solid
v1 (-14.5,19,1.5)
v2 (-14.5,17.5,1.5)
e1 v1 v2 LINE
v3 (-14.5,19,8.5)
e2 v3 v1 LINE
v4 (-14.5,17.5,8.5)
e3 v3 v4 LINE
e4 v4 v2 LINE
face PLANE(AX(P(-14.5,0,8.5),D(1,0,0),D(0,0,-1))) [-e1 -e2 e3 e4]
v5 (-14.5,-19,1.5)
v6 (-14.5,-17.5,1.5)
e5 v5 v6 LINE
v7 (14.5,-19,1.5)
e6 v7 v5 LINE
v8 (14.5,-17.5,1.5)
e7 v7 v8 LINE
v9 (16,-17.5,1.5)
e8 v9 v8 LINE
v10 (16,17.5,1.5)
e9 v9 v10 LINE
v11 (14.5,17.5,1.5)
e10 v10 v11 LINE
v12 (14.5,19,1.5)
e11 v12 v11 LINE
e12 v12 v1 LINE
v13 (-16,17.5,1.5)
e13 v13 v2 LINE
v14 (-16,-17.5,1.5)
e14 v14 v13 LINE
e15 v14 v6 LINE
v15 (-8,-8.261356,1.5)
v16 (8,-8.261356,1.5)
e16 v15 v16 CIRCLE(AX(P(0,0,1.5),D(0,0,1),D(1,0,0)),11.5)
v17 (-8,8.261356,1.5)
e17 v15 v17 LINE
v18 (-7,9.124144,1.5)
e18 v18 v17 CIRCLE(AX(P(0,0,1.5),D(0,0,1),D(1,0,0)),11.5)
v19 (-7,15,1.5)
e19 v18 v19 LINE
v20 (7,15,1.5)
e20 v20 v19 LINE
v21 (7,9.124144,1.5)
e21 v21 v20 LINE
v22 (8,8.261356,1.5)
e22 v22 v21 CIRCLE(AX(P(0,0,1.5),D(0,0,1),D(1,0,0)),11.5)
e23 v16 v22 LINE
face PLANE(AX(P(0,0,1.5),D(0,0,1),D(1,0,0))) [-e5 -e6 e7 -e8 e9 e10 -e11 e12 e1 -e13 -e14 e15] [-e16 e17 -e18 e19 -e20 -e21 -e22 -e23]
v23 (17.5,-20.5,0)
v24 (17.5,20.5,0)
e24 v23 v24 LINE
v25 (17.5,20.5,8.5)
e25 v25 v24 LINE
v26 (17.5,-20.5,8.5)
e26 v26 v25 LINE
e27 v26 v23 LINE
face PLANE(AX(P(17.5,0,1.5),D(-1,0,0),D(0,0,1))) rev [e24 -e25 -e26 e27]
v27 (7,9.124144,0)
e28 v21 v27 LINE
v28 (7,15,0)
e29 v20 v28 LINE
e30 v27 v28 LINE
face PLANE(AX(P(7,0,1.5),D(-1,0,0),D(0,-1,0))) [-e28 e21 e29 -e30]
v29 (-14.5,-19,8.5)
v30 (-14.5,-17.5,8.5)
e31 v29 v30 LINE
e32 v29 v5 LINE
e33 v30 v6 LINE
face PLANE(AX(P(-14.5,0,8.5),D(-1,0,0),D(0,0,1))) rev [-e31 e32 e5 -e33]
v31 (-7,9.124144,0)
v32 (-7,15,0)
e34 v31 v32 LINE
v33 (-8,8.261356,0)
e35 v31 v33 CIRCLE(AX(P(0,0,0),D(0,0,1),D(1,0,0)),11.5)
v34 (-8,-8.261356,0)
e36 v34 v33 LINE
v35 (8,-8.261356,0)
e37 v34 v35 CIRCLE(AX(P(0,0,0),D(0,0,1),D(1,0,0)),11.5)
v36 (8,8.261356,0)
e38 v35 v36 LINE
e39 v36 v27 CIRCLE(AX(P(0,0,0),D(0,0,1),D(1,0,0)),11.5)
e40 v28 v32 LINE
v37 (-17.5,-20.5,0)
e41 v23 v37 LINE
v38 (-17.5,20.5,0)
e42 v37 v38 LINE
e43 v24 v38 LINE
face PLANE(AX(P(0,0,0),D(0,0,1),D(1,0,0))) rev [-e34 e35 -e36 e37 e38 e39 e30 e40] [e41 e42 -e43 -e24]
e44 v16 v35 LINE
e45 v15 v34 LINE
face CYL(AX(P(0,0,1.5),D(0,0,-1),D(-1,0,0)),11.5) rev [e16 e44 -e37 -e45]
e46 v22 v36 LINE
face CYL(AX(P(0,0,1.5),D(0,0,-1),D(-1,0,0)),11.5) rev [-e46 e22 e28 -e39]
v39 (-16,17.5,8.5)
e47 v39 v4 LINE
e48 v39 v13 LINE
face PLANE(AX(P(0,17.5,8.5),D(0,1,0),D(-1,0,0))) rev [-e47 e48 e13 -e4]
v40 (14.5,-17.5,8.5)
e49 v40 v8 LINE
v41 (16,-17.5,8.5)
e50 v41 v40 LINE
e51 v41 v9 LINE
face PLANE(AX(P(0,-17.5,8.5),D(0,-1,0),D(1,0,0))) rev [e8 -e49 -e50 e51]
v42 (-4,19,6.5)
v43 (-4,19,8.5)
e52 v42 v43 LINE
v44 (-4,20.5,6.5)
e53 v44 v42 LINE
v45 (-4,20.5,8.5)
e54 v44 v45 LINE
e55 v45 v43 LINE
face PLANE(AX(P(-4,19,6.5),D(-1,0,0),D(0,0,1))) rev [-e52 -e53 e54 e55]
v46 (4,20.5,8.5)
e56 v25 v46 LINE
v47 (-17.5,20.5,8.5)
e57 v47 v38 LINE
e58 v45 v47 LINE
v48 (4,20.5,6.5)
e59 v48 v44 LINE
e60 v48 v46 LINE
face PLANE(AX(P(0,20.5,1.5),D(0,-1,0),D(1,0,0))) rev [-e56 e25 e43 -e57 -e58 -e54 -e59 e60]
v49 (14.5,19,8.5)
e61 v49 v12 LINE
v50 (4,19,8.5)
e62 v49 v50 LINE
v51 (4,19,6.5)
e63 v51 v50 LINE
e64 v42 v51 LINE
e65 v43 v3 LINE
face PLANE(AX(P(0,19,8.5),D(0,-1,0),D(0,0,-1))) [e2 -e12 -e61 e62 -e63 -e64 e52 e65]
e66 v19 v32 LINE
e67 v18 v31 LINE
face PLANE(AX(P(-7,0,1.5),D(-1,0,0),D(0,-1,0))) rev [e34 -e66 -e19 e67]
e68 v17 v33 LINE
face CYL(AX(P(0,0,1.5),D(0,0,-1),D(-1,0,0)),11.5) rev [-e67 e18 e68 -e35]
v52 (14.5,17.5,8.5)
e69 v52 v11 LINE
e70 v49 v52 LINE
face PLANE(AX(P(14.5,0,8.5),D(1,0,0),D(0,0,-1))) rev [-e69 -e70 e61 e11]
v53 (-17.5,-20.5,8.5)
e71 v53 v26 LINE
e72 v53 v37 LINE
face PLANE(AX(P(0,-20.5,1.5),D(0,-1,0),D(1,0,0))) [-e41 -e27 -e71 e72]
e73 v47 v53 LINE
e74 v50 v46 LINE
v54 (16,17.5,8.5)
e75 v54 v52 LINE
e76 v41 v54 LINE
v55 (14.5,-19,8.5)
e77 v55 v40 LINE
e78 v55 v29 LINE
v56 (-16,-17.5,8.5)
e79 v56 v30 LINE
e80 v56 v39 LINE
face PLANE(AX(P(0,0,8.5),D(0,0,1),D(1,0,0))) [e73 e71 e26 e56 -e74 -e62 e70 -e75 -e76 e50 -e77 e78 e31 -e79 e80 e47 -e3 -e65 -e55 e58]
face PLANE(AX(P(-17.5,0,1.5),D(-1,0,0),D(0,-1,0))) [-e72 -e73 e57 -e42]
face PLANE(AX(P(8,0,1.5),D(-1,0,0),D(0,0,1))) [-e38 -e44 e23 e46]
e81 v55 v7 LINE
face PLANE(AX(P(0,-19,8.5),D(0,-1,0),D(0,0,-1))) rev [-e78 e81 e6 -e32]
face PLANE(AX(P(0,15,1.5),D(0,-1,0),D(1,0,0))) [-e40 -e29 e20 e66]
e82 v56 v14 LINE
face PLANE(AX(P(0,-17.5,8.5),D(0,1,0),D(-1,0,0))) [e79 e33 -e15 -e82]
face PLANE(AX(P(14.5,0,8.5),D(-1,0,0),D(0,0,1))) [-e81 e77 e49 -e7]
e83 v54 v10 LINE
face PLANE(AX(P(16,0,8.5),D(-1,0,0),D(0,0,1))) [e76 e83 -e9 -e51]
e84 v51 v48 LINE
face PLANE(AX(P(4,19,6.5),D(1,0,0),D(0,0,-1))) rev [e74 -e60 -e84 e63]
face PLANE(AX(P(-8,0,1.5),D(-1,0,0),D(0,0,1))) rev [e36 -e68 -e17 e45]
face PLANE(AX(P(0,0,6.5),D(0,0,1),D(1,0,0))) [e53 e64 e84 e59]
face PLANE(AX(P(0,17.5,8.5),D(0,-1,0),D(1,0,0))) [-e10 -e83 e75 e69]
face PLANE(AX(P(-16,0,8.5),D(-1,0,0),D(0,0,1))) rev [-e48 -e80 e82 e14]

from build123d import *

# Parameters (mm, degrees)
SKETCH_1_W          = 35
SKETCH_1_H          = 41
EXTRUDE_1_DEPTH     = 1.5
EXTRUDE_2_DEPTH     = 7
SKETCH_3_W          = 8
SKETCH_3_H          = 1.5
CUT_EXTRUDE_1_DEPTH = 2


with BuildPart() as part:
    # Эскиз1 → Бобышка-Вытянуть1 (new body)
    with BuildSketch(Plane.XY):
        Rectangle(SKETCH_1_W, SKETCH_1_H)
        with BuildLine():
            Line((7, 9.124143795), (7, 15))
            Line((7, 15), (-7, 15))
            Line((-7, 15), (-7, 9.124143795))
            ThreePointArc((-7, 9.124143795), (-7.512396473, 8.707117734), (-8, 8.261355821))
            Line((-8, 8.261355821), (-8, -8.261355821))
            ThreePointArc((-8, -8.261355821), (0, -11.5), (8, -8.261355821))
            Line((8, -8.261355821), (8, 8.261355821))
            ThreePointArc((8, 8.261355821), (7.512396473, 8.707117734), (7, 9.124143795))
        make_face(mode=Mode.SUBTRACT)
    extrude(amount=EXTRUDE_1_DEPTH)

    # Эскиз2 → Бобышка-Вытянуть2 (add)
    with BuildSketch(Plane.XY.offset(1.5)):
        Polygon((-17.5, -20.5), (17.5, -20.5), (17.5, 20.5), (-14.5, 20.5), (-17.5, 20.5), (-17.5, 17.5), align=None)
        Polygon((14.5, -17.5), (14.5, -19), (-14.5, -19), (-14.5, -17.5), (-16, -17.5), (-16, 17.5), (-14.5, 17.5), (-14.5, 19), (14.5, 19), (14.5, 17.5), (16, 17.5), (16, -17.5), align=None, mode=Mode.SUBTRACT)
    extrude(amount=EXTRUDE_2_DEPTH)

    # Эскиз3 → Вырез-Вытянуть1 (cut)
    with BuildSketch(Plane.XY.offset(8.5)):
        with Locations((0, 19.75)):
            Rectangle(SKETCH_3_W, SKETCH_3_H)
    extrude(amount=-CUT_EXTRUDE_1_DEPTH, mode=Mode.SUBTRACT)


solid = part.part
